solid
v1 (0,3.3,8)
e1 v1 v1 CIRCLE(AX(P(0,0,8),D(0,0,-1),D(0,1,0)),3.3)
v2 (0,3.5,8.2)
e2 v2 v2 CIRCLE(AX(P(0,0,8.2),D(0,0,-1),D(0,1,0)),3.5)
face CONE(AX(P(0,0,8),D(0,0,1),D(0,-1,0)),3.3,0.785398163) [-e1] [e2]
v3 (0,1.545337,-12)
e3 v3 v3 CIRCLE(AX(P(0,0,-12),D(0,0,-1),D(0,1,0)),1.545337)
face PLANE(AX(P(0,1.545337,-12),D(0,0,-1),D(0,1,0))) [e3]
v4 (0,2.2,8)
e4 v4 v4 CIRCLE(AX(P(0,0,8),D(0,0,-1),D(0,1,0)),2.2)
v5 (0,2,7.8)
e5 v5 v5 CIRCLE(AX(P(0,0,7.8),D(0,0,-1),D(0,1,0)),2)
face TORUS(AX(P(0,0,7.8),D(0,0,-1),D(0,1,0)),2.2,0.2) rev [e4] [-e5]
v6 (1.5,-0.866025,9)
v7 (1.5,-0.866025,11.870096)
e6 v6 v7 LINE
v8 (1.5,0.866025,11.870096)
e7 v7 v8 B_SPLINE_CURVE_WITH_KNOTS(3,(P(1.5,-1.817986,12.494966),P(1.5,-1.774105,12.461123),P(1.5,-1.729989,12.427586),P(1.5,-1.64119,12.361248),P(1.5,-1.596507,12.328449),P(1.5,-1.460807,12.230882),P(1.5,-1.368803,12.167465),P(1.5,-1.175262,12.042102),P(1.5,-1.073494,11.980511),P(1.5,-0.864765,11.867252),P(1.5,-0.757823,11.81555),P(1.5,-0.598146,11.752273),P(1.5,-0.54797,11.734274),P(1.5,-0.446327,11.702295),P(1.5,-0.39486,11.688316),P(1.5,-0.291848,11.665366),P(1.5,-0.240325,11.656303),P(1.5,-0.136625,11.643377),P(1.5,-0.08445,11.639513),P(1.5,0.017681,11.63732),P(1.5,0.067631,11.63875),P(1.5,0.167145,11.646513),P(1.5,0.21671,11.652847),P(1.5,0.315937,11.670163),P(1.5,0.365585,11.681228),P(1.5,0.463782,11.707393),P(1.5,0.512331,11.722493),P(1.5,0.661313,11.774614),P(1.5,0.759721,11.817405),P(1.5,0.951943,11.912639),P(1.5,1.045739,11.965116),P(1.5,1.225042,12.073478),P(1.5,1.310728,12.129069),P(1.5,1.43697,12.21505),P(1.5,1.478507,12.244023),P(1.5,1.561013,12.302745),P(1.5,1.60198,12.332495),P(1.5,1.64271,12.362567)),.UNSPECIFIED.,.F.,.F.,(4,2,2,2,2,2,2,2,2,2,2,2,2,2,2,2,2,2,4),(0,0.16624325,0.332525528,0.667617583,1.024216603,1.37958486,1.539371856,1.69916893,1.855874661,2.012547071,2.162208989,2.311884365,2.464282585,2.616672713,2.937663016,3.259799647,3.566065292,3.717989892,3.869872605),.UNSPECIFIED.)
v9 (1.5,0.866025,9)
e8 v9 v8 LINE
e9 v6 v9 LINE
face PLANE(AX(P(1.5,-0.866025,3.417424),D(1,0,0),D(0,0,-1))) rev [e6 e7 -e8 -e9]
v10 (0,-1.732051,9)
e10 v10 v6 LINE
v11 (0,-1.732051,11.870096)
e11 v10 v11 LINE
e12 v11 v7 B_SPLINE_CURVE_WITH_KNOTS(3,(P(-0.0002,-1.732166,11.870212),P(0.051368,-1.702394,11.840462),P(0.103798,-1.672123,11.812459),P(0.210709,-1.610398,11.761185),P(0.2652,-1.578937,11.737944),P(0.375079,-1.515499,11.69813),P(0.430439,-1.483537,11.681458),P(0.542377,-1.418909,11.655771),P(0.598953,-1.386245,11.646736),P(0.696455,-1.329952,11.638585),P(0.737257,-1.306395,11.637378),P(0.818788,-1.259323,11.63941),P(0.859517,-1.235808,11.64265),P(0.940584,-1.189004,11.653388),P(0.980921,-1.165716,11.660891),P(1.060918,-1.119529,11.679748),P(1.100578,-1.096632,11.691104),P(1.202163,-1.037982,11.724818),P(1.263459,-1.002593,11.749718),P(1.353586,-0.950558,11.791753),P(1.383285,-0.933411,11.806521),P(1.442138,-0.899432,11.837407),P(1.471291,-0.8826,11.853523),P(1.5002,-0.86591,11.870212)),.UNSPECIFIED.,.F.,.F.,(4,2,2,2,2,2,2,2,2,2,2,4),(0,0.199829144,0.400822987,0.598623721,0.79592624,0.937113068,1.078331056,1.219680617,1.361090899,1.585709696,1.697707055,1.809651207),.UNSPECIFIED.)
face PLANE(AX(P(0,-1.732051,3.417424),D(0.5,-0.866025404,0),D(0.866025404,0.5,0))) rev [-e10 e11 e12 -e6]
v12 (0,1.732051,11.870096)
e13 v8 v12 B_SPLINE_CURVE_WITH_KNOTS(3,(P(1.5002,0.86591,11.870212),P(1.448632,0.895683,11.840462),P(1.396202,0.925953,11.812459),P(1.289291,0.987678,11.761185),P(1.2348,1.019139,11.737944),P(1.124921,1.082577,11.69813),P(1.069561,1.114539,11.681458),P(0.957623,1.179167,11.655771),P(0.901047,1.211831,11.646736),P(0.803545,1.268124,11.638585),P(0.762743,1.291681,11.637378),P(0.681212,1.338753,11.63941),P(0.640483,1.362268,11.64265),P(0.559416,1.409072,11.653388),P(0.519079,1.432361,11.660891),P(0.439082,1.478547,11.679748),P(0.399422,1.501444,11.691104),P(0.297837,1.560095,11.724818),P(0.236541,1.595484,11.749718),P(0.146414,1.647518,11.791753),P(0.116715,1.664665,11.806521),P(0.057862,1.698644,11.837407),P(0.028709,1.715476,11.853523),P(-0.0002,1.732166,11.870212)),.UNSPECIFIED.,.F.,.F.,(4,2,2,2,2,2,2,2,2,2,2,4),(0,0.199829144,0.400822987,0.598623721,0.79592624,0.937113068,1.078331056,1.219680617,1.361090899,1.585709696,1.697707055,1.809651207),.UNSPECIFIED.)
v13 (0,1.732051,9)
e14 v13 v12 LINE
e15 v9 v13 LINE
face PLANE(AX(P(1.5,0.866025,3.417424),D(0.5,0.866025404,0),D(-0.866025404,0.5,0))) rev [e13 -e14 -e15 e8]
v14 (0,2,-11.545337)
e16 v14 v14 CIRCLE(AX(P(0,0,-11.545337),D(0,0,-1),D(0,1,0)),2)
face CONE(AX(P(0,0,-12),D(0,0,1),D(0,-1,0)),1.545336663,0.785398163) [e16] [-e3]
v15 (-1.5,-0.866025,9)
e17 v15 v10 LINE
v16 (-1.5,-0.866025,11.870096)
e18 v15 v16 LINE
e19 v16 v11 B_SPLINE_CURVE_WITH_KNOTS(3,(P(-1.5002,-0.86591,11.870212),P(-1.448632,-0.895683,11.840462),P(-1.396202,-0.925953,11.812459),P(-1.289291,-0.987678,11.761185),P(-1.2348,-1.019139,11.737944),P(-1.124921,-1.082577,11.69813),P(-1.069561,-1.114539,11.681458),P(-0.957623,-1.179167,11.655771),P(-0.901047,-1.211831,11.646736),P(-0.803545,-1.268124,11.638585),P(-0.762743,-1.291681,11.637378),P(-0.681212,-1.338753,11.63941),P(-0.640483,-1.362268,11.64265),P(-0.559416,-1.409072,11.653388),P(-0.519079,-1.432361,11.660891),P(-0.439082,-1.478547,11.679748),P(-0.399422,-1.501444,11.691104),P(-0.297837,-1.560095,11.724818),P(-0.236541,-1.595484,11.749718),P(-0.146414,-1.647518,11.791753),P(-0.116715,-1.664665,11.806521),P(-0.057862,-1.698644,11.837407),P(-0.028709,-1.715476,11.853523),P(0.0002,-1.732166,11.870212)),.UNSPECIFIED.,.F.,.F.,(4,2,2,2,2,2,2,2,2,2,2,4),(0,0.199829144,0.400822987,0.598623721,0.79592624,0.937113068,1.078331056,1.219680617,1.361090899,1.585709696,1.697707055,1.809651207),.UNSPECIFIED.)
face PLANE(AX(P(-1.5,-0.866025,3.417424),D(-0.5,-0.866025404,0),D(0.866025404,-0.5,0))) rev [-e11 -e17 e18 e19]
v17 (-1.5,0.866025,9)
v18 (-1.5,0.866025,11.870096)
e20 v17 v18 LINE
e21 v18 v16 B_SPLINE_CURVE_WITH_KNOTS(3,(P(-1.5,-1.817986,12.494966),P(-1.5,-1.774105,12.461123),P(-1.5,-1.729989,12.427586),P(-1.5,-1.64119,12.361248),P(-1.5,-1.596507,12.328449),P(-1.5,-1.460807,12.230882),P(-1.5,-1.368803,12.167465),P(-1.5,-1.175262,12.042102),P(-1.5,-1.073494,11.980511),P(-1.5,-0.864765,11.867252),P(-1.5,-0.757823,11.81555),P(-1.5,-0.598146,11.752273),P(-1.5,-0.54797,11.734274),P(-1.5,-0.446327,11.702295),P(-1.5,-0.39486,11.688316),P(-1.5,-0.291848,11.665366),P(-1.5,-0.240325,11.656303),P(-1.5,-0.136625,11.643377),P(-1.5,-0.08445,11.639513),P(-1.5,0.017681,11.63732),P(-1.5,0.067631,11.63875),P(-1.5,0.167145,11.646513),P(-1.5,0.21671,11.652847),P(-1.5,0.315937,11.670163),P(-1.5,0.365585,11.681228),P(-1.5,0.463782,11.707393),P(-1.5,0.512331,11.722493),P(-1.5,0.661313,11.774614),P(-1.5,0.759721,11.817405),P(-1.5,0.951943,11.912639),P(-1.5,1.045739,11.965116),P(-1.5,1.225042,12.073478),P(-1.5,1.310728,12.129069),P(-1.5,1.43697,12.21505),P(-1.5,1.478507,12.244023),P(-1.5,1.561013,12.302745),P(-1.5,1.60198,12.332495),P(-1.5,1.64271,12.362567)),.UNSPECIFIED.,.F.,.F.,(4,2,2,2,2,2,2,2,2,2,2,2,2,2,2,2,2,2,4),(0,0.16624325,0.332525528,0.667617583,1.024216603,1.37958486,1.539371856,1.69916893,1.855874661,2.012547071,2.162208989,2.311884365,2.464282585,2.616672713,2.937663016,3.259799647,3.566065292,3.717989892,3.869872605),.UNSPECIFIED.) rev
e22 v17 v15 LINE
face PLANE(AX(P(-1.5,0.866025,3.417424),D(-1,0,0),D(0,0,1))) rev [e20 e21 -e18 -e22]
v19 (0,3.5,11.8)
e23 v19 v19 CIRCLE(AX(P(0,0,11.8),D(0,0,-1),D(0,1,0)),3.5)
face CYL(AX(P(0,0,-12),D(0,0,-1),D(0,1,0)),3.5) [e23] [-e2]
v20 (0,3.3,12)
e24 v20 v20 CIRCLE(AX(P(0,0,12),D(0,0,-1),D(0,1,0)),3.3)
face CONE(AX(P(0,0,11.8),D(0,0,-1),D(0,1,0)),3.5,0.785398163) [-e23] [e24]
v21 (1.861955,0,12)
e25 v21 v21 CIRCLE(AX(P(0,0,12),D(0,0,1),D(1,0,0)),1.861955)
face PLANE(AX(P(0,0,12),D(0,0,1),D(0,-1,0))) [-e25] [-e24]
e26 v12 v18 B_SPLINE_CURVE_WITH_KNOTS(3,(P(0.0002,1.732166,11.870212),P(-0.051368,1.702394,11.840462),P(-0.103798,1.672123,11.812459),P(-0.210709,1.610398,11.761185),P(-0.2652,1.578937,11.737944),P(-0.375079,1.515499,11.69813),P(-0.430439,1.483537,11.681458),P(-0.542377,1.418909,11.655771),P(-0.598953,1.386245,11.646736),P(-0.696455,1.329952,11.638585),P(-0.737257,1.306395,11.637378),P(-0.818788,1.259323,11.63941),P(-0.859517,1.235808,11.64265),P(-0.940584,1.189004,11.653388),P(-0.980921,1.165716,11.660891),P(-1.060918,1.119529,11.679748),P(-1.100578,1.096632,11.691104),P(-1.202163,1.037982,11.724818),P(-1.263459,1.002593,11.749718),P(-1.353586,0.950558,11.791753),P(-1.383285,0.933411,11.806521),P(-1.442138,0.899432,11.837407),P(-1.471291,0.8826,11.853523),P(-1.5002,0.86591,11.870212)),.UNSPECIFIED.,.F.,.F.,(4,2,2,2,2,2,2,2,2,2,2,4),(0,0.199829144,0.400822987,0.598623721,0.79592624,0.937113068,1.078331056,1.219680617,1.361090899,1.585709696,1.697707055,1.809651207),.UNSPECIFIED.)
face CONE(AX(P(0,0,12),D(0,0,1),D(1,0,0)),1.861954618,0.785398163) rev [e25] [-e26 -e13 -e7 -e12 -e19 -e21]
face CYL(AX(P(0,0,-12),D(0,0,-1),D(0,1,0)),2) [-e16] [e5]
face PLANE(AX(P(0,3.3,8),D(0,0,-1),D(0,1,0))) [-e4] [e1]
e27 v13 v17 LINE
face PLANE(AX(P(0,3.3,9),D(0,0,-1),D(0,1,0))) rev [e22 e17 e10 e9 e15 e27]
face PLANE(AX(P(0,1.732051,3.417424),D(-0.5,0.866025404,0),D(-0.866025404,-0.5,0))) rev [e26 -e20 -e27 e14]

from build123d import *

# Parameters (mm, degrees)
CUT_EXTRUDE1_DEPTH = 3
SKETCH4_R          = 1.861954618
CUT_EXTRUDE2_DEPTH = 3
CUT_EXTRUDE2_DRAFT = -45


with BuildPart() as part:
    # Sketch2 → Revolve1 (revolve)
    with BuildSketch(Plane(origin=(0, 0, 0), x_dir=(0, 0, -1), z_dir=(1, 0, 0))):
        with BuildLine():
            Line((-12, 0), (-12, 3.3))
            Line((-12, 3.3), (-11.8, 3.5))
            Line((-11.8, 3.5), (-8.2, 3.5))
            Line((-8.2, 3.5), (-8, 3.3))
            Line((-8, 3.3), (-8, 2.2))
            ThreePointArc((-8, 2.2), (-7.941421356, 2.058578644), (-7.8, 2))
            Line((-7.8, 2), (11.545336663, 2))
            Line((11.545336663, 2), (12, 1.545336663))
            Line((12, 1.545336663), (12, 0))
            Line((12, 0), (-12, 0))
        make_face()
    revolve(axis=Axis((0, 0, -12), (0, 0, 1)))

    # Sketch3 → Cut-Extrude1 (cut)
    with BuildSketch(Plane.XY.offset(12)):
        Polygon((1.5, -0.866025404), (1.5, 0.866025404), (0, 1.732050808), (-1.5, 0.866025404), (-1.5, -0.866025404), (0, -1.732050808), align=None)
    extrude(amount=-CUT_EXTRUDE1_DEPTH, mode=Mode.SUBTRACT)


with BuildPart() as cut_extrude2_tool:
    # Sketch4 → Cut-Extrude2 (with draft: the straight prism first)
    with BuildSketch(Plane.XY.offset(12)):
        Circle(SKETCH4_R)
    extrude(amount=-CUT_EXTRUDE2_DEPTH)
    # Cut-Extrude2: the draft: its side faces are tilted about the plane it starts from
    cut_extrude2_sides = [cut_extrude2_tool.faces().sort_by_distance(p)[0] for p in [
        (-1.861954618, 0, 10.5),
    ]]
    draft(cut_extrude2_sides, Plane.XY.offset(12), CUT_EXTRUDE2_DRAFT)


with BuildPart() as part_1:
    add(part.part)

    # Cut-Extrude2: cut by cut_extrude2_tool
    add(cut_extrude2_tool.part, mode=Mode.SUBTRACT)


solid = part_1.part
